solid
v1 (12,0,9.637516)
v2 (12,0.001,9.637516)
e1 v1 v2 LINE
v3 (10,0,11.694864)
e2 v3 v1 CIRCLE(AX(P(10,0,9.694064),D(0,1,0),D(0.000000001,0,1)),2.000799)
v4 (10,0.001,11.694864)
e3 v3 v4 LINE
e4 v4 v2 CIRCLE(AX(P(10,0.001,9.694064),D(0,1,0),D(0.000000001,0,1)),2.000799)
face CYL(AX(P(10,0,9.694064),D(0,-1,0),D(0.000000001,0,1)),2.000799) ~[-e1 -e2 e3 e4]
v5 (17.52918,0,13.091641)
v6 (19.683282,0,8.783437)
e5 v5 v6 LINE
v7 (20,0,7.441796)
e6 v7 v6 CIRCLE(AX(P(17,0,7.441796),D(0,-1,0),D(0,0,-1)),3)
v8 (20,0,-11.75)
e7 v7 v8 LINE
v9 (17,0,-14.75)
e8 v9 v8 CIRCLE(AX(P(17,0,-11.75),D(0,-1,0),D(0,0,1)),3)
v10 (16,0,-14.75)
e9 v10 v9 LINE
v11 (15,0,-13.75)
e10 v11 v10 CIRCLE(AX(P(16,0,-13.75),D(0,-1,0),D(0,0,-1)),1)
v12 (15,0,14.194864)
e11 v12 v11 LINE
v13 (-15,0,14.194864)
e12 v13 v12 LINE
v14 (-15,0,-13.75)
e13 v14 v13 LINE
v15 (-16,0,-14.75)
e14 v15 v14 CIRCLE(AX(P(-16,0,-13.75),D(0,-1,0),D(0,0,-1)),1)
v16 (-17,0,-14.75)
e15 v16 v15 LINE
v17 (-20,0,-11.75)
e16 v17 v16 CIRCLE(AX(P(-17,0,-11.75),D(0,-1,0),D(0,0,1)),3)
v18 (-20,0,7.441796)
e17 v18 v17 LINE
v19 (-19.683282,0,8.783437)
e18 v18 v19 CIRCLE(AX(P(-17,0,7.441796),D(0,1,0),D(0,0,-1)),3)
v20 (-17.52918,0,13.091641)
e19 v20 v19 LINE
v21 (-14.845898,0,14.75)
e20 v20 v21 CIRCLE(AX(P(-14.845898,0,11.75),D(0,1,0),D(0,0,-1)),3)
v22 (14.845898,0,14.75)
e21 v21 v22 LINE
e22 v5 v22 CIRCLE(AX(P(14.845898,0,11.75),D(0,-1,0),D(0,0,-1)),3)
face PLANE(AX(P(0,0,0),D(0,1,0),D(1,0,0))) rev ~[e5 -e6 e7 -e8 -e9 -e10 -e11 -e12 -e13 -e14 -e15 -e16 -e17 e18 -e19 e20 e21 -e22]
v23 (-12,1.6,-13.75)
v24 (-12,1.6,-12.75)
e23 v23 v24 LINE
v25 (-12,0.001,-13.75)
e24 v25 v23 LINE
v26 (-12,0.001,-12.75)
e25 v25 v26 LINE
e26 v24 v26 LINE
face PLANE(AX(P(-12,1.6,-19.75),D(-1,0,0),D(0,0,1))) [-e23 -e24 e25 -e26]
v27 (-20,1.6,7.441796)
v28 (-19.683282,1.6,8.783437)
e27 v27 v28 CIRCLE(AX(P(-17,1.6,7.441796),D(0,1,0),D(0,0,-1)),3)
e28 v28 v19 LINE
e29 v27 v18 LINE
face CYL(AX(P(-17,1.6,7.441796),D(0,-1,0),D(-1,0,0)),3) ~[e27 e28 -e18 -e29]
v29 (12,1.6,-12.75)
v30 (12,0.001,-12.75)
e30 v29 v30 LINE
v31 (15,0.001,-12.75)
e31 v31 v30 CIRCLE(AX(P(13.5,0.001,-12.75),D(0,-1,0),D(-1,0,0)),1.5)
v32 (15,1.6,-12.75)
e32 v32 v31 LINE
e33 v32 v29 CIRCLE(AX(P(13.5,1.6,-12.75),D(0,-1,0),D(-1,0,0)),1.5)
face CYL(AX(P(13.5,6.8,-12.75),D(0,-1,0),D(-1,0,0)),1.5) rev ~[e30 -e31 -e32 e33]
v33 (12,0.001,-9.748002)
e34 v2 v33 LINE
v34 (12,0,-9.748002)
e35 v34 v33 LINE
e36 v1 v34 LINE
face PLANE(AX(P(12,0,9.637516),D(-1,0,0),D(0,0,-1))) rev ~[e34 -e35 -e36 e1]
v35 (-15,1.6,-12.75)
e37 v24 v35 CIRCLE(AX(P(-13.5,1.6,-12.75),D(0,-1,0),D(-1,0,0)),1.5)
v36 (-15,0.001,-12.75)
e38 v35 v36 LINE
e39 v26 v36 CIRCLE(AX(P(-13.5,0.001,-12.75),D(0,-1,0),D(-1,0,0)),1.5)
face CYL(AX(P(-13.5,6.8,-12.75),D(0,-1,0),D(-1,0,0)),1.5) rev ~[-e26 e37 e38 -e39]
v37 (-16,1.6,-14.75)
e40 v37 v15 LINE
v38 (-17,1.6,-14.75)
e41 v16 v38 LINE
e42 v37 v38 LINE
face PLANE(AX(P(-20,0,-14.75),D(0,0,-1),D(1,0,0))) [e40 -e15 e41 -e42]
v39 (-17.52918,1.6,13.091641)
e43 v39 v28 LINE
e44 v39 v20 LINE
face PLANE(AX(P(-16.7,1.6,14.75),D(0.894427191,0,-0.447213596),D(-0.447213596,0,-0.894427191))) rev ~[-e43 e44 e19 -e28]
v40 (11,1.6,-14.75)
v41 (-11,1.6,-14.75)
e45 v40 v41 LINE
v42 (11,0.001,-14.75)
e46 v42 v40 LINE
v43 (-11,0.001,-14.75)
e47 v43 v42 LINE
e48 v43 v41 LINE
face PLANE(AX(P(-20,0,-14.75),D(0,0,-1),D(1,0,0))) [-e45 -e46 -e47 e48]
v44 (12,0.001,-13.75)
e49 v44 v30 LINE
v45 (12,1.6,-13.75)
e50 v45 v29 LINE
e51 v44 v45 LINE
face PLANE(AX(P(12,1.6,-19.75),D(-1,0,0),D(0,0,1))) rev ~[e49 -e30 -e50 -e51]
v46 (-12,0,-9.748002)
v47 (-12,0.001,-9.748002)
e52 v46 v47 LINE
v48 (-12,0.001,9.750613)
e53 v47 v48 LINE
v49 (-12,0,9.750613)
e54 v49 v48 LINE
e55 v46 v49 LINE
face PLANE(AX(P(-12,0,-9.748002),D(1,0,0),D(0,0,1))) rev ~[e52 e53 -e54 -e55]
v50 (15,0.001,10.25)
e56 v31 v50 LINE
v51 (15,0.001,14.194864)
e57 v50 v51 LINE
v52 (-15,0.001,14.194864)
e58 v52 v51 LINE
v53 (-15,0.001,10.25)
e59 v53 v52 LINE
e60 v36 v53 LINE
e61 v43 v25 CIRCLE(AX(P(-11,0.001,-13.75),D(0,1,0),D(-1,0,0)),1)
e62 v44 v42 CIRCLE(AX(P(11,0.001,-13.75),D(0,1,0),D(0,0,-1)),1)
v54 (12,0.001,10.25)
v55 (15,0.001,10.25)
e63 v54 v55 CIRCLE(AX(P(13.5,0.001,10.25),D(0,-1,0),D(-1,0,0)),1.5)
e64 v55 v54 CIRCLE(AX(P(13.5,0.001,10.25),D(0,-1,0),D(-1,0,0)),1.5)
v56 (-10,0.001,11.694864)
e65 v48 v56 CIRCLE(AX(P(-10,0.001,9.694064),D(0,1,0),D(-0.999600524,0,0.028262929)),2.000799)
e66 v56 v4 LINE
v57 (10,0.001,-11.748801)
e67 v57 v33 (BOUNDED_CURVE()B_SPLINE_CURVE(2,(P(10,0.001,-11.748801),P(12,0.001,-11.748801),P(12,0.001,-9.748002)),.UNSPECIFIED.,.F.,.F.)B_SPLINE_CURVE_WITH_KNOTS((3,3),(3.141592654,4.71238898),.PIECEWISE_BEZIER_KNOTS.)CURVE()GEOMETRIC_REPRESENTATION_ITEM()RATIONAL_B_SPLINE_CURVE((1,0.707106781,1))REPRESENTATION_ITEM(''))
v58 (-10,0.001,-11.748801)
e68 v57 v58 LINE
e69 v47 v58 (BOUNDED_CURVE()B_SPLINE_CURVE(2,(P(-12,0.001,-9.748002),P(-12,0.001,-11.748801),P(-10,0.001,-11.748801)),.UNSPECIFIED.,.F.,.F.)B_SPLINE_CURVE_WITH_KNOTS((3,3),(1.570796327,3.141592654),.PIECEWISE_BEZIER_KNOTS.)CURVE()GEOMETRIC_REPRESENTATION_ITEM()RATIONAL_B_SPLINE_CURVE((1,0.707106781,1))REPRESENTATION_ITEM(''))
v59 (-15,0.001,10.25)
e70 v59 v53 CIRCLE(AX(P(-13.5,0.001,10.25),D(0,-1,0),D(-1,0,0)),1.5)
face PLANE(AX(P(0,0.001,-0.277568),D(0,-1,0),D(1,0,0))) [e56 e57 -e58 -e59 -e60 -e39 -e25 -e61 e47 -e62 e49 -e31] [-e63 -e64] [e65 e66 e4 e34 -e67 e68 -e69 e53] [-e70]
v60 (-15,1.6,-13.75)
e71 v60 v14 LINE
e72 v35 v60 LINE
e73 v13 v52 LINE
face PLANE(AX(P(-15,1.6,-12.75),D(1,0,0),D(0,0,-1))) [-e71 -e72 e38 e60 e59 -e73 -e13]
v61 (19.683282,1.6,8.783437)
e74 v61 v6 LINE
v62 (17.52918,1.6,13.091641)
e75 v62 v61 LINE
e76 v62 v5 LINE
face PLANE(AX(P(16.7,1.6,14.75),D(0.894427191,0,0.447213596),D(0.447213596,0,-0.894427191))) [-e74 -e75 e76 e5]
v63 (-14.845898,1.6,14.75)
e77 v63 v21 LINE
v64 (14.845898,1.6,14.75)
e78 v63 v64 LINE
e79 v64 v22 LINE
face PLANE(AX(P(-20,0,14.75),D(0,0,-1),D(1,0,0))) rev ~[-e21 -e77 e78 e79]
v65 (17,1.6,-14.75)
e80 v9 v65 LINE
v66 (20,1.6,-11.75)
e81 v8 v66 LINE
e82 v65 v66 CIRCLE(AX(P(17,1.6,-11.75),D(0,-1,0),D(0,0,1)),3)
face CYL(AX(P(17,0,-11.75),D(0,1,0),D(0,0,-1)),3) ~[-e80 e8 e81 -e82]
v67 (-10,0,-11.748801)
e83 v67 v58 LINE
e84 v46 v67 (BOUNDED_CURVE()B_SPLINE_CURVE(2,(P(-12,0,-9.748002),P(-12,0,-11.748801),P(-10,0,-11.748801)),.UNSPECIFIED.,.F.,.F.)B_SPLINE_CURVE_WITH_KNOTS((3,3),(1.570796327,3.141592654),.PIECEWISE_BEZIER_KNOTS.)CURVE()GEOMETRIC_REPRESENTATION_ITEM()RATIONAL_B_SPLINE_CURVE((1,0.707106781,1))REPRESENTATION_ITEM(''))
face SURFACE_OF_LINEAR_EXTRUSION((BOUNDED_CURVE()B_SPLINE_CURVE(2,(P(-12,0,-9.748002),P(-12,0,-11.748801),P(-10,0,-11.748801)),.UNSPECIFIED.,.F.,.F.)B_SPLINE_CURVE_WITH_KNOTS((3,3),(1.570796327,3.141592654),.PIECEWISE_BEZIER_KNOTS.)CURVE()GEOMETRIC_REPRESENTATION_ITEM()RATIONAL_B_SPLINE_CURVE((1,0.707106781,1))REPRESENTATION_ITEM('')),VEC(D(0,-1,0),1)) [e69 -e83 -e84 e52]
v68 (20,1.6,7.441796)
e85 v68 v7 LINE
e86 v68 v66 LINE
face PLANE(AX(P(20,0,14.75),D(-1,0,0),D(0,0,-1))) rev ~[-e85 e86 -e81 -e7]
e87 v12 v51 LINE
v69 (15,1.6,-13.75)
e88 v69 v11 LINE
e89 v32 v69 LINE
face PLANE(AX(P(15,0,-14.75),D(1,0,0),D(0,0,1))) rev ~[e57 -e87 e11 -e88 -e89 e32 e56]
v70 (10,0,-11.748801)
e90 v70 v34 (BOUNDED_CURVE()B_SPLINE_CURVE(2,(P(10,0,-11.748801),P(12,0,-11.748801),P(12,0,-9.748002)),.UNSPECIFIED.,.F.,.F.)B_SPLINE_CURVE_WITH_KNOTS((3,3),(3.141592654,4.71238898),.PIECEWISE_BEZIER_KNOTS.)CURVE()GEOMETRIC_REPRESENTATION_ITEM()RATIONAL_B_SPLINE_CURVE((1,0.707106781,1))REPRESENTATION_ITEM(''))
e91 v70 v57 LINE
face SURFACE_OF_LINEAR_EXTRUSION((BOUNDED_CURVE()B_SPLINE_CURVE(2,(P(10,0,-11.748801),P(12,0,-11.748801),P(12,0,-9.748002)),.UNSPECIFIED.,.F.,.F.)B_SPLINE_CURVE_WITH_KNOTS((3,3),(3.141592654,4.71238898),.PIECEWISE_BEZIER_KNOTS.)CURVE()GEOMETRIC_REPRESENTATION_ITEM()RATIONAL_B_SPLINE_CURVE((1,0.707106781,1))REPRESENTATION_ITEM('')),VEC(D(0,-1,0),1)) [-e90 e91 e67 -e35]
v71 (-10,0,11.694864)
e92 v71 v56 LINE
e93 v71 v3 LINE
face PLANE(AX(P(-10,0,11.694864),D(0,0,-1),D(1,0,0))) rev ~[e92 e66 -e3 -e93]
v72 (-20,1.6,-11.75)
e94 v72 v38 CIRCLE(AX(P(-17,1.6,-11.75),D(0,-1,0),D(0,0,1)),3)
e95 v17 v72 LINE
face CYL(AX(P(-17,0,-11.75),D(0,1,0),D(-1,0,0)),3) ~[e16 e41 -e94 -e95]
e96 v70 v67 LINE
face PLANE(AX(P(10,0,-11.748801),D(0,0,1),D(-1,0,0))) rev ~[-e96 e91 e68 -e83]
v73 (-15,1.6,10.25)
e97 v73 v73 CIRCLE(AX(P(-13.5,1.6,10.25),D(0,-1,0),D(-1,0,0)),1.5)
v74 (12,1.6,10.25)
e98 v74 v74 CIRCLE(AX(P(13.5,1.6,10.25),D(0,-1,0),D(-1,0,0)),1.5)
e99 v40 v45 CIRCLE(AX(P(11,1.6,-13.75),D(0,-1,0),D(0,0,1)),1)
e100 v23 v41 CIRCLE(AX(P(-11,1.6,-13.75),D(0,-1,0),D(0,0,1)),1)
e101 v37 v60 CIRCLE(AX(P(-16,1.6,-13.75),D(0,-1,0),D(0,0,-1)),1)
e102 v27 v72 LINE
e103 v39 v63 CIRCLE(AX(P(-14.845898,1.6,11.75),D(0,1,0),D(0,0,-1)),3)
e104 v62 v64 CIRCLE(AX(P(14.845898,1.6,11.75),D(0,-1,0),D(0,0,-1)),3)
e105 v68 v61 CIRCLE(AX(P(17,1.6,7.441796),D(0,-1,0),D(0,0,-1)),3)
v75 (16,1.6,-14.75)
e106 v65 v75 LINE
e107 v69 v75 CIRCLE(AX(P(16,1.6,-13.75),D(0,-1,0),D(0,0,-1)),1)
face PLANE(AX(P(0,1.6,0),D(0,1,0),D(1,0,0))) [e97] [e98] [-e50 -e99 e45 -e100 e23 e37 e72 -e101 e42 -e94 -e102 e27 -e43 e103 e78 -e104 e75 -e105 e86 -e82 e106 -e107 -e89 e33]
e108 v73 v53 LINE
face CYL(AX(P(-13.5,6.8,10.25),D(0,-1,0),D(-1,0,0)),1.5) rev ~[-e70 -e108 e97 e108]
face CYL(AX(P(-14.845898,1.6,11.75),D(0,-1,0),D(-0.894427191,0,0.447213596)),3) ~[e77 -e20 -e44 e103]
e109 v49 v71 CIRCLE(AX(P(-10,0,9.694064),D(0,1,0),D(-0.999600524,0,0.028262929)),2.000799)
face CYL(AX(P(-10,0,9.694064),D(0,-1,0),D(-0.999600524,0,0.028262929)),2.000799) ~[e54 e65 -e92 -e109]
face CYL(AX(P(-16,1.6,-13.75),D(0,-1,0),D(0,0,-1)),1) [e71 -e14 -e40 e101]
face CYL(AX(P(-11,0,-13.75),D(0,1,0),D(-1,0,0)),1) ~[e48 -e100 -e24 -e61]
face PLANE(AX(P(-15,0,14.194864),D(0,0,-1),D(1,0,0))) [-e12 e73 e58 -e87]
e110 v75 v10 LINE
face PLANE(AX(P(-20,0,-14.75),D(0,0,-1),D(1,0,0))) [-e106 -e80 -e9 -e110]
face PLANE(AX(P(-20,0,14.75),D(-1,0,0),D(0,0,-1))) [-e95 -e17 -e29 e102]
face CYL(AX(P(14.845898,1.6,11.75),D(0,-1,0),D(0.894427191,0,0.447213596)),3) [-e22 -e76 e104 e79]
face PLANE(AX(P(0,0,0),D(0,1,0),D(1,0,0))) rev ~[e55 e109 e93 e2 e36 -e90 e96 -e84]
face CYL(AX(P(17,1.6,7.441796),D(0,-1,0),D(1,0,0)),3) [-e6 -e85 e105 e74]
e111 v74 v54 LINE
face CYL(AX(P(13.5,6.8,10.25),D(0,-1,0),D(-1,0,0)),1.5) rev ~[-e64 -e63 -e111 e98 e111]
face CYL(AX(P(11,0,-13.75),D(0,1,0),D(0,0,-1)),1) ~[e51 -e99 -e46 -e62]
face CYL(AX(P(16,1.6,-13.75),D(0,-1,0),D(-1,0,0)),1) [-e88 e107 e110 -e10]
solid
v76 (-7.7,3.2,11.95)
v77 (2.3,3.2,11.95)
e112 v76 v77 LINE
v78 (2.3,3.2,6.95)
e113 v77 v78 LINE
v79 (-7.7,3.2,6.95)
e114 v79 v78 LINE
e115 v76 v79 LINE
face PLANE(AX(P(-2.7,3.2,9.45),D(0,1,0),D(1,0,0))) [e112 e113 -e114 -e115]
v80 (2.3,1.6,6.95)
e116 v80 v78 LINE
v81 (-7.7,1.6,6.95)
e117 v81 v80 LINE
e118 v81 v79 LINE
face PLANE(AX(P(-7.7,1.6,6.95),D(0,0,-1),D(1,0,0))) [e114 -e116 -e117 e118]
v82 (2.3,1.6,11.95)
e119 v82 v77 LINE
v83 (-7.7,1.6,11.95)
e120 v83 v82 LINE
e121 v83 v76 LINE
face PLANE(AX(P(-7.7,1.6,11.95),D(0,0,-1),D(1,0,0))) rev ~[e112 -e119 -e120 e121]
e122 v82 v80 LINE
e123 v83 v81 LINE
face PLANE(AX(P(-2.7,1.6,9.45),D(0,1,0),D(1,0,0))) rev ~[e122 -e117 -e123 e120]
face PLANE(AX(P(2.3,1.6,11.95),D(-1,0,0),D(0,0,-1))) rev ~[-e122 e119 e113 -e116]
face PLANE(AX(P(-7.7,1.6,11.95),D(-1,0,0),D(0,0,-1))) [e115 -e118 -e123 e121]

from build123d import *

# Parameters (mm, degrees)
SKETCH1_W                = 40
SKETCH1_H                = 29.5
BOSS_EXTRUDE1_DEPTH      = 1.6
CUT_EXTRUDE4_DEPTH       = 2.6
FILLET1_R                = 3
M2_CLEARANCE_HOLE1_D     = 3
M2_CLEARANCE_HOLE1_DEPTH = 5.2
M2_CLEARANCE_HOLE1_TIP   = 0.901290929
CUT_EXTRUDE1_DEPTH       = 1
CUT_EXTRUDE1_DEPTH_BACK  = 2.6
FILLET2_R                = 1
SKETCH11_W               = 30
SKETCH11_H               = 28.944863729
SKETCH11_R               = 1
CUT_EXTRUDE3_DEPTH       = 0.001
SKETCH13_W               = 10
SKETCH13_H               = 5
BOSS_EXTRUDE2_DEPTH      = 1.6


with BuildPart() as part:
    # Sketch1 → Boss-Extrude1 (new body)
    with BuildSketch(Plane(origin=(0, 0, 0), x_dir=(1, 0, 0), z_dir=(0, 1, 0))):
        Rectangle(SKETCH1_W, SKETCH1_H)
    extrude(amount=BOSS_EXTRUDE1_DEPTH)

    # Sketch12 → Cut-Extrude4 (cut, through all)
    with BuildSketch(Plane(origin=(0, 1.6, 0), x_dir=(1, 0, 0), z_dir=(0, 1, 0))):
        Polygon((-16.7, -14.75), (-20, -8.15), (-20, -14.75), align=None)
        Polygon((16.7, -14.75), (20, -8.15), (20, -14.75), align=None)
    extrude(amount=-CUT_EXTRUDE4_DEPTH, mode=Mode.SUBTRACT)

    # Fillet1
    fillet1_edges = [part.edges().sort_by_distance(p)[0] for p in [
        (-16.7, 0.8, 14.75),
        (-20, 0.8, 8.15),
        (16.7, 0.8, 14.75),
        (20, 0.8, 8.15),
        (-20, 0.8, -14.75),
        (20, 0.8, -14.75),
    ]]
    fillet(fillet1_edges, radius=FILLET1_R)

    # M2 Clearance Hole1
    with Locations(Plane(origin=(0, 1.6, 0), x_dir=(1, 0, 0), z_dir=(0, 1, 0))):
        with Locations((-13.5, 12.75), (13.5, 12.75), (13.5, -10.25), (-13.5, -10.25)):
            Hole(M2_CLEARANCE_HOLE1_D / 2, depth=M2_CLEARANCE_HOLE1_DEPTH)
            with Locations((0, 0, -(M2_CLEARANCE_HOLE1_DEPTH + M2_CLEARANCE_HOLE1_TIP / 2))):  # 118° drill point
                Cone(0, M2_CLEARANCE_HOLE1_D / 2, M2_CLEARANCE_HOLE1_TIP, mode=Mode.SUBTRACT)

    # Sketch5 → Cut-Extrude1 (cut, two sides)
    with BuildSketch(Plane(origin=(0, 1.6, 0), x_dir=(1, 0, 0), z_dir=(0, 1, 0))) as cut_extrude1_sk:
        with BuildLine():
            Line((-15, 12.75), (-15, 19.75))
            ThreePointArc((-15, 19.75), (-13.5, 21.25), (-12, 19.75))
            Line((-12, 19.75), (-12, 12.75))
            ThreePointArc((-12, 12.75), (-13.5, 11.25), (-15, 12.75))
        make_face()
        with BuildLine():
            Line((15, 12.75), (15, 19.75))
            ThreePointArc((15, 19.75), (13.5, 21.25), (12, 19.75))
            Line((12, 19.75), (12, 12.75))
            ThreePointArc((12, 12.75), (13.5, 11.25), (15, 12.75))
        make_face()
    extrude(amount=CUT_EXTRUDE1_DEPTH, mode=Mode.SUBTRACT)
    extrude(cut_extrude1_sk.sketch, amount=-CUT_EXTRUDE1_DEPTH_BACK, mode=Mode.SUBTRACT)

    # Fillet2
    fillet2_edges = [part.edges().sort_by_distance(p)[0] for p in [
        (-15, 0.8, -14.75),
        (-12, 0.8, -14.75),
        (12, 0.8, -14.75),
        (15, 0.8, -14.75),
    ]]
    fillet(fillet2_edges, radius=FILLET2_R)

    # Sketch11 → Cut-Extrude3 (cut)
    with BuildSketch(Plane.XZ):
        with Locations((0, -0.277568136)):
            Rectangle(SKETCH11_W, SKETCH11_H)
        with Locations((13.5, -12.75)):
            Circle(SKETCH11_R, mode=Mode.SUBTRACT)
        with Locations((13.5, 10.25)):
            Circle(SKETCH11_R, mode=Mode.SUBTRACT)
        with Locations((-13.5, -12.75)):
            Circle(SKETCH11_R, mode=Mode.SUBTRACT)
        with Locations((-13.5, 10.25)):
            Circle(SKETCH11_R, mode=Mode.SUBTRACT)
        with BuildLine():
            Line((-10, 11.694863729), (10, 11.694863729))
            ThreePointArc((10, 11.694863729), (11.434632325, 11.088706998), (12, 9.637516011))
            Line((12, 9.637516011), (12, -9.74800182))
            add(Edge.make_bspline(
                [(10, -11.748801092), (12, -11.748801092), (12, -9.74800182)],
                knots=[3.141592654, 3.141592654, 3.141592654, 4.71238898, 4.71238898, 4.71238898], degree=2, weights=[1, 0.707106781, 1]))
            Line((10, -11.748801092), (-10, -11.748801092))
            add(Edge.make_bspline(
                [(-12, -9.74800182), (-12, -11.748801092), (-10, -11.748801092)],
                knots=[1.570796327, 1.570796327, 1.570796327, 3.141592654, 3.141592654, 3.141592654], degree=2, weights=[1, 0.707106781, 1]))
            Line((-12, -9.74800182), (-12, 9.750612903))
            ThreePointArc((-12, 9.750612903), (-11.394642541, 11.128696782), (-10, 11.694863729))
        make_face(mode=Mode.SUBTRACT)
    extrude(amount=-CUT_EXTRUDE3_DEPTH, mode=Mode.SUBTRACT)


with BuildPart() as body_2:
    # Sketch13 → Boss-Extrude2 (new body)
    with BuildSketch(Plane(origin=(0, 1.6, 0), x_dir=(1, 0, 0), z_dir=(0, 1, 0))):
        with Locations((-2.7, -9.45)):
            Rectangle(SKETCH13_W, SKETCH13_H)
    extrude(amount=BOSS_EXTRUDE2_DEPTH)


solid = Compound([part.part, body_2.part])
